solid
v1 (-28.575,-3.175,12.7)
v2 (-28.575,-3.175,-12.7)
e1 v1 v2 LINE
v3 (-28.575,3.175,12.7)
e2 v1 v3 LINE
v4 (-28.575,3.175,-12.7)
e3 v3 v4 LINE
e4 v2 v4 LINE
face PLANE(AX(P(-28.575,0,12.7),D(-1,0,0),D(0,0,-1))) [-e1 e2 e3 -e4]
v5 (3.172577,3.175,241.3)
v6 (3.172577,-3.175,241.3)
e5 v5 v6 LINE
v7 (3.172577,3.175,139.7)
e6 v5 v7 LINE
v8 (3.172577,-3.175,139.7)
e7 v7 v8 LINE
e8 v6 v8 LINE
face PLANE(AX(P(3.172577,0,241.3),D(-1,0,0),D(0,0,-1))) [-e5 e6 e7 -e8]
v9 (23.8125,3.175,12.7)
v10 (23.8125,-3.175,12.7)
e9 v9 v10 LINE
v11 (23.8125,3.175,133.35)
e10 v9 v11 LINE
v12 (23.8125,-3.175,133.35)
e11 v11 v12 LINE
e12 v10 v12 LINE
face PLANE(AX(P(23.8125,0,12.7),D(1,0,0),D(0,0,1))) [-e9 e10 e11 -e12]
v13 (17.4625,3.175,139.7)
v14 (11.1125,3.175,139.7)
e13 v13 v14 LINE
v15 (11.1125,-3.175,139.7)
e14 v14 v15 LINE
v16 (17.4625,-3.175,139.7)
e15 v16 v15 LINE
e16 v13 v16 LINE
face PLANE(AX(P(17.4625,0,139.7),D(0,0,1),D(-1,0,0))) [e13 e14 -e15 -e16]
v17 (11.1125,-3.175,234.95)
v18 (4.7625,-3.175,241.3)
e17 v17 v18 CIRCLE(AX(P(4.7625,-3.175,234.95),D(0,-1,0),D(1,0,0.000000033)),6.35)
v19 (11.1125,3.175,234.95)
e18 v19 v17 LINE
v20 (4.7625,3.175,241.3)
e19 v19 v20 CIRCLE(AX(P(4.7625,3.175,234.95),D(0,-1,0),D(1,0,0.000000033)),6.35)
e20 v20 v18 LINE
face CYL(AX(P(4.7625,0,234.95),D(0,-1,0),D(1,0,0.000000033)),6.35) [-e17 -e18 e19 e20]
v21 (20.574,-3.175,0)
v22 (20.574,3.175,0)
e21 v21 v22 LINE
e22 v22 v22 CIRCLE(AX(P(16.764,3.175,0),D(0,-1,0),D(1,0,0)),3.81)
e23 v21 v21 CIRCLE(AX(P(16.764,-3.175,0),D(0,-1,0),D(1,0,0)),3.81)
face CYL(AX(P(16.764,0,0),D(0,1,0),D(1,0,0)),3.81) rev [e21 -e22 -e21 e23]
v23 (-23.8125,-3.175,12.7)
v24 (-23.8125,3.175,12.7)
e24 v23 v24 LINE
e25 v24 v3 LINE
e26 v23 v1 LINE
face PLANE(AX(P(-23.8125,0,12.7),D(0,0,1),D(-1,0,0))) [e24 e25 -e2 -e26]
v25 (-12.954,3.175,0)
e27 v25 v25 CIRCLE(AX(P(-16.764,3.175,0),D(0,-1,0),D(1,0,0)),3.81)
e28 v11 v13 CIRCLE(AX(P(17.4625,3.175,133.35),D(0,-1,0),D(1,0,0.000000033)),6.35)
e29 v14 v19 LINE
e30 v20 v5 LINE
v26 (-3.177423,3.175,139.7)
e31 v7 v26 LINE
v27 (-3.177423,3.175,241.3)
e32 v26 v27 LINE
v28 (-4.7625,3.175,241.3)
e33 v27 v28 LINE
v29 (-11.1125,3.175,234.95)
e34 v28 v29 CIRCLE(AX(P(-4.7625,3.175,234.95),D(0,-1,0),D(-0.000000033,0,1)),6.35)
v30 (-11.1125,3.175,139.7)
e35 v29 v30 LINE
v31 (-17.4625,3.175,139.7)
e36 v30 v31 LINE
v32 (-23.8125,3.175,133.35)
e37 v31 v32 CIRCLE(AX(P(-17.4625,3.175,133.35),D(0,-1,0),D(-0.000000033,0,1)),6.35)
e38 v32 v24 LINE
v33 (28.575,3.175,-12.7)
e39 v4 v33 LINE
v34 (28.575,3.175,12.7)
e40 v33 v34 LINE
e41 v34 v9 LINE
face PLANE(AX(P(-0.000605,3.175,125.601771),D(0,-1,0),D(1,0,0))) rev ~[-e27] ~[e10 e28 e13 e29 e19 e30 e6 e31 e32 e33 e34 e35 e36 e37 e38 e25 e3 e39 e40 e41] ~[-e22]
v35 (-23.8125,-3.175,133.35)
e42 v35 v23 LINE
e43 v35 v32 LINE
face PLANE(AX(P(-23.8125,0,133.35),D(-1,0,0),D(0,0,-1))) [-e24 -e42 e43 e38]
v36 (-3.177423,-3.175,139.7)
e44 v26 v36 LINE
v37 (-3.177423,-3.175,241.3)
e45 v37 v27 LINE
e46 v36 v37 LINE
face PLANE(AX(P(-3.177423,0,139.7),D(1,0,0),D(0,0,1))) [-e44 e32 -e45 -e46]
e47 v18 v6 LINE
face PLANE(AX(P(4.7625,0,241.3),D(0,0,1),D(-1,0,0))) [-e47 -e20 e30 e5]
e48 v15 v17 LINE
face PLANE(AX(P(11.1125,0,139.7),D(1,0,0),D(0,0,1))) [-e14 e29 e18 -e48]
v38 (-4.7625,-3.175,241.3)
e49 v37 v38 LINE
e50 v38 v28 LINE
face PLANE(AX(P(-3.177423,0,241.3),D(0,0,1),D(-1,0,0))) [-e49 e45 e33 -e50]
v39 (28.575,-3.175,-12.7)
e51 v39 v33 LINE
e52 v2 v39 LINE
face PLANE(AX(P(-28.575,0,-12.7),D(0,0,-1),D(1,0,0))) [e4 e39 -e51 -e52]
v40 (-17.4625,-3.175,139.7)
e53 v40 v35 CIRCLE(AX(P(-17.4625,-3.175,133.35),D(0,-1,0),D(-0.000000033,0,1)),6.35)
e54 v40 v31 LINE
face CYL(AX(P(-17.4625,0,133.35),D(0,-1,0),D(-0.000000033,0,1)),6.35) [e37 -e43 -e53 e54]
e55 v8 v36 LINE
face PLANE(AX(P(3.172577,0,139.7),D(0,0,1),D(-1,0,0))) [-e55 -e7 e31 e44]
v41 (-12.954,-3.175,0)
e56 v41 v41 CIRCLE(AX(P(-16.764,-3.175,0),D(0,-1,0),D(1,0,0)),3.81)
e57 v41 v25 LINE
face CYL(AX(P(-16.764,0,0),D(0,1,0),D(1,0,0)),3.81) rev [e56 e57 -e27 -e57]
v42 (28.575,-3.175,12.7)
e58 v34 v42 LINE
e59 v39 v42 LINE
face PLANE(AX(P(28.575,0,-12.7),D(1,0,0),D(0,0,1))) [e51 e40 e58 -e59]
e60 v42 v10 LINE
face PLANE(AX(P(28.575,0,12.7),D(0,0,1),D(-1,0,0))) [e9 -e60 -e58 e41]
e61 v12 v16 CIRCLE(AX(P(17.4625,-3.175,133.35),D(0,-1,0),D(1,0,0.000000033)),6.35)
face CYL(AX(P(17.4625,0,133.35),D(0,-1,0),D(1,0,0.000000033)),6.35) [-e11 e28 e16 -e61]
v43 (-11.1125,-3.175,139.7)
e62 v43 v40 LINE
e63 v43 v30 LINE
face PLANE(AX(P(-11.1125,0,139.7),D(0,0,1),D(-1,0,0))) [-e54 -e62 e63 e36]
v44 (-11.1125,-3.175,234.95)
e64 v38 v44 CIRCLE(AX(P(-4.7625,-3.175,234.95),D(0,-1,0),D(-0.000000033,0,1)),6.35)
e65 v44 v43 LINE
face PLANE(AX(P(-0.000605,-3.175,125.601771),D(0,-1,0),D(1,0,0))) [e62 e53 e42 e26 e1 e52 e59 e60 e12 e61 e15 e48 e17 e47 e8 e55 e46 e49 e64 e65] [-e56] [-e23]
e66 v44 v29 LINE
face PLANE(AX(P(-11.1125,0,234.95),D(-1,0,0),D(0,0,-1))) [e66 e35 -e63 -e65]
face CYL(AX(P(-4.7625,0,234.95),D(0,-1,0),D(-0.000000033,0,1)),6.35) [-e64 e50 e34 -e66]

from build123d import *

# Parameters (mm, degrees)
F0_R     = 3.81
F1_DEPTH = 3.175


with BuildPart() as f1:
    # F0 (on Front) → F1 (new body, symmetric)
    with BuildSketch(Plane.XZ):
        with BuildLine():
            Line((28.575, -12.7), (28.575, 12.7))
            Line((28.575, 12.7), (23.8125, 12.7))
            Line((23.8125, 12.7), (23.8125, 133.35))
            ThreePointArc((23.8125, 133.35), (21.952628, 137.840128), (17.4625, 139.7))
            Line((17.4625, 139.7), (11.1125, 139.7))
            Line((11.1125, 139.7), (11.1125, 234.95))
            ThreePointArc((11.1125, 234.95), (9.252628, 239.440128), (4.7625, 241.3))
            Line((4.7625, 241.3), (3.172577, 241.3))
            Line((3.172577, 241.3), (3.172577, 139.7))
            Line((3.172577, 139.7), (-3.177423, 139.7))
            Line((-3.177423, 139.7), (-3.177423, 241.3))
            Line((-3.177423, 241.3), (-4.7625, 241.3))
            ThreePointArc((-4.7625, 241.3), (-9.252628, 239.440128), (-11.1125, 234.95))
            Line((-11.1125, 234.95), (-11.1125, 139.7))
            Line((-11.1125, 139.7), (-17.4625, 139.7))
            ThreePointArc((-17.4625, 139.7), (-21.952628, 137.840128), (-23.8125, 133.35))
            Line((-23.8125, 133.35), (-23.8125, 12.7))
            Line((-23.8125, 12.7), (-28.575, 12.7))
            Line((-28.575, 12.7), (-28.575, -12.7))
            Line((-28.575, -12.7), (-3.175, -12.7))
            Line((-3.175, -12.7), (0, -12.7))
            Line((0, -12.7), (28.575, -12.7))
        make_face()
        with Locations((-16.764, 0)):
            Circle(F0_R, mode=Mode.SUBTRACT)
        with Locations((16.764, 0)):
            Circle(F0_R, mode=Mode.SUBTRACT)
    extrude(amount=F1_DEPTH, both=True)


solid = f1.part
